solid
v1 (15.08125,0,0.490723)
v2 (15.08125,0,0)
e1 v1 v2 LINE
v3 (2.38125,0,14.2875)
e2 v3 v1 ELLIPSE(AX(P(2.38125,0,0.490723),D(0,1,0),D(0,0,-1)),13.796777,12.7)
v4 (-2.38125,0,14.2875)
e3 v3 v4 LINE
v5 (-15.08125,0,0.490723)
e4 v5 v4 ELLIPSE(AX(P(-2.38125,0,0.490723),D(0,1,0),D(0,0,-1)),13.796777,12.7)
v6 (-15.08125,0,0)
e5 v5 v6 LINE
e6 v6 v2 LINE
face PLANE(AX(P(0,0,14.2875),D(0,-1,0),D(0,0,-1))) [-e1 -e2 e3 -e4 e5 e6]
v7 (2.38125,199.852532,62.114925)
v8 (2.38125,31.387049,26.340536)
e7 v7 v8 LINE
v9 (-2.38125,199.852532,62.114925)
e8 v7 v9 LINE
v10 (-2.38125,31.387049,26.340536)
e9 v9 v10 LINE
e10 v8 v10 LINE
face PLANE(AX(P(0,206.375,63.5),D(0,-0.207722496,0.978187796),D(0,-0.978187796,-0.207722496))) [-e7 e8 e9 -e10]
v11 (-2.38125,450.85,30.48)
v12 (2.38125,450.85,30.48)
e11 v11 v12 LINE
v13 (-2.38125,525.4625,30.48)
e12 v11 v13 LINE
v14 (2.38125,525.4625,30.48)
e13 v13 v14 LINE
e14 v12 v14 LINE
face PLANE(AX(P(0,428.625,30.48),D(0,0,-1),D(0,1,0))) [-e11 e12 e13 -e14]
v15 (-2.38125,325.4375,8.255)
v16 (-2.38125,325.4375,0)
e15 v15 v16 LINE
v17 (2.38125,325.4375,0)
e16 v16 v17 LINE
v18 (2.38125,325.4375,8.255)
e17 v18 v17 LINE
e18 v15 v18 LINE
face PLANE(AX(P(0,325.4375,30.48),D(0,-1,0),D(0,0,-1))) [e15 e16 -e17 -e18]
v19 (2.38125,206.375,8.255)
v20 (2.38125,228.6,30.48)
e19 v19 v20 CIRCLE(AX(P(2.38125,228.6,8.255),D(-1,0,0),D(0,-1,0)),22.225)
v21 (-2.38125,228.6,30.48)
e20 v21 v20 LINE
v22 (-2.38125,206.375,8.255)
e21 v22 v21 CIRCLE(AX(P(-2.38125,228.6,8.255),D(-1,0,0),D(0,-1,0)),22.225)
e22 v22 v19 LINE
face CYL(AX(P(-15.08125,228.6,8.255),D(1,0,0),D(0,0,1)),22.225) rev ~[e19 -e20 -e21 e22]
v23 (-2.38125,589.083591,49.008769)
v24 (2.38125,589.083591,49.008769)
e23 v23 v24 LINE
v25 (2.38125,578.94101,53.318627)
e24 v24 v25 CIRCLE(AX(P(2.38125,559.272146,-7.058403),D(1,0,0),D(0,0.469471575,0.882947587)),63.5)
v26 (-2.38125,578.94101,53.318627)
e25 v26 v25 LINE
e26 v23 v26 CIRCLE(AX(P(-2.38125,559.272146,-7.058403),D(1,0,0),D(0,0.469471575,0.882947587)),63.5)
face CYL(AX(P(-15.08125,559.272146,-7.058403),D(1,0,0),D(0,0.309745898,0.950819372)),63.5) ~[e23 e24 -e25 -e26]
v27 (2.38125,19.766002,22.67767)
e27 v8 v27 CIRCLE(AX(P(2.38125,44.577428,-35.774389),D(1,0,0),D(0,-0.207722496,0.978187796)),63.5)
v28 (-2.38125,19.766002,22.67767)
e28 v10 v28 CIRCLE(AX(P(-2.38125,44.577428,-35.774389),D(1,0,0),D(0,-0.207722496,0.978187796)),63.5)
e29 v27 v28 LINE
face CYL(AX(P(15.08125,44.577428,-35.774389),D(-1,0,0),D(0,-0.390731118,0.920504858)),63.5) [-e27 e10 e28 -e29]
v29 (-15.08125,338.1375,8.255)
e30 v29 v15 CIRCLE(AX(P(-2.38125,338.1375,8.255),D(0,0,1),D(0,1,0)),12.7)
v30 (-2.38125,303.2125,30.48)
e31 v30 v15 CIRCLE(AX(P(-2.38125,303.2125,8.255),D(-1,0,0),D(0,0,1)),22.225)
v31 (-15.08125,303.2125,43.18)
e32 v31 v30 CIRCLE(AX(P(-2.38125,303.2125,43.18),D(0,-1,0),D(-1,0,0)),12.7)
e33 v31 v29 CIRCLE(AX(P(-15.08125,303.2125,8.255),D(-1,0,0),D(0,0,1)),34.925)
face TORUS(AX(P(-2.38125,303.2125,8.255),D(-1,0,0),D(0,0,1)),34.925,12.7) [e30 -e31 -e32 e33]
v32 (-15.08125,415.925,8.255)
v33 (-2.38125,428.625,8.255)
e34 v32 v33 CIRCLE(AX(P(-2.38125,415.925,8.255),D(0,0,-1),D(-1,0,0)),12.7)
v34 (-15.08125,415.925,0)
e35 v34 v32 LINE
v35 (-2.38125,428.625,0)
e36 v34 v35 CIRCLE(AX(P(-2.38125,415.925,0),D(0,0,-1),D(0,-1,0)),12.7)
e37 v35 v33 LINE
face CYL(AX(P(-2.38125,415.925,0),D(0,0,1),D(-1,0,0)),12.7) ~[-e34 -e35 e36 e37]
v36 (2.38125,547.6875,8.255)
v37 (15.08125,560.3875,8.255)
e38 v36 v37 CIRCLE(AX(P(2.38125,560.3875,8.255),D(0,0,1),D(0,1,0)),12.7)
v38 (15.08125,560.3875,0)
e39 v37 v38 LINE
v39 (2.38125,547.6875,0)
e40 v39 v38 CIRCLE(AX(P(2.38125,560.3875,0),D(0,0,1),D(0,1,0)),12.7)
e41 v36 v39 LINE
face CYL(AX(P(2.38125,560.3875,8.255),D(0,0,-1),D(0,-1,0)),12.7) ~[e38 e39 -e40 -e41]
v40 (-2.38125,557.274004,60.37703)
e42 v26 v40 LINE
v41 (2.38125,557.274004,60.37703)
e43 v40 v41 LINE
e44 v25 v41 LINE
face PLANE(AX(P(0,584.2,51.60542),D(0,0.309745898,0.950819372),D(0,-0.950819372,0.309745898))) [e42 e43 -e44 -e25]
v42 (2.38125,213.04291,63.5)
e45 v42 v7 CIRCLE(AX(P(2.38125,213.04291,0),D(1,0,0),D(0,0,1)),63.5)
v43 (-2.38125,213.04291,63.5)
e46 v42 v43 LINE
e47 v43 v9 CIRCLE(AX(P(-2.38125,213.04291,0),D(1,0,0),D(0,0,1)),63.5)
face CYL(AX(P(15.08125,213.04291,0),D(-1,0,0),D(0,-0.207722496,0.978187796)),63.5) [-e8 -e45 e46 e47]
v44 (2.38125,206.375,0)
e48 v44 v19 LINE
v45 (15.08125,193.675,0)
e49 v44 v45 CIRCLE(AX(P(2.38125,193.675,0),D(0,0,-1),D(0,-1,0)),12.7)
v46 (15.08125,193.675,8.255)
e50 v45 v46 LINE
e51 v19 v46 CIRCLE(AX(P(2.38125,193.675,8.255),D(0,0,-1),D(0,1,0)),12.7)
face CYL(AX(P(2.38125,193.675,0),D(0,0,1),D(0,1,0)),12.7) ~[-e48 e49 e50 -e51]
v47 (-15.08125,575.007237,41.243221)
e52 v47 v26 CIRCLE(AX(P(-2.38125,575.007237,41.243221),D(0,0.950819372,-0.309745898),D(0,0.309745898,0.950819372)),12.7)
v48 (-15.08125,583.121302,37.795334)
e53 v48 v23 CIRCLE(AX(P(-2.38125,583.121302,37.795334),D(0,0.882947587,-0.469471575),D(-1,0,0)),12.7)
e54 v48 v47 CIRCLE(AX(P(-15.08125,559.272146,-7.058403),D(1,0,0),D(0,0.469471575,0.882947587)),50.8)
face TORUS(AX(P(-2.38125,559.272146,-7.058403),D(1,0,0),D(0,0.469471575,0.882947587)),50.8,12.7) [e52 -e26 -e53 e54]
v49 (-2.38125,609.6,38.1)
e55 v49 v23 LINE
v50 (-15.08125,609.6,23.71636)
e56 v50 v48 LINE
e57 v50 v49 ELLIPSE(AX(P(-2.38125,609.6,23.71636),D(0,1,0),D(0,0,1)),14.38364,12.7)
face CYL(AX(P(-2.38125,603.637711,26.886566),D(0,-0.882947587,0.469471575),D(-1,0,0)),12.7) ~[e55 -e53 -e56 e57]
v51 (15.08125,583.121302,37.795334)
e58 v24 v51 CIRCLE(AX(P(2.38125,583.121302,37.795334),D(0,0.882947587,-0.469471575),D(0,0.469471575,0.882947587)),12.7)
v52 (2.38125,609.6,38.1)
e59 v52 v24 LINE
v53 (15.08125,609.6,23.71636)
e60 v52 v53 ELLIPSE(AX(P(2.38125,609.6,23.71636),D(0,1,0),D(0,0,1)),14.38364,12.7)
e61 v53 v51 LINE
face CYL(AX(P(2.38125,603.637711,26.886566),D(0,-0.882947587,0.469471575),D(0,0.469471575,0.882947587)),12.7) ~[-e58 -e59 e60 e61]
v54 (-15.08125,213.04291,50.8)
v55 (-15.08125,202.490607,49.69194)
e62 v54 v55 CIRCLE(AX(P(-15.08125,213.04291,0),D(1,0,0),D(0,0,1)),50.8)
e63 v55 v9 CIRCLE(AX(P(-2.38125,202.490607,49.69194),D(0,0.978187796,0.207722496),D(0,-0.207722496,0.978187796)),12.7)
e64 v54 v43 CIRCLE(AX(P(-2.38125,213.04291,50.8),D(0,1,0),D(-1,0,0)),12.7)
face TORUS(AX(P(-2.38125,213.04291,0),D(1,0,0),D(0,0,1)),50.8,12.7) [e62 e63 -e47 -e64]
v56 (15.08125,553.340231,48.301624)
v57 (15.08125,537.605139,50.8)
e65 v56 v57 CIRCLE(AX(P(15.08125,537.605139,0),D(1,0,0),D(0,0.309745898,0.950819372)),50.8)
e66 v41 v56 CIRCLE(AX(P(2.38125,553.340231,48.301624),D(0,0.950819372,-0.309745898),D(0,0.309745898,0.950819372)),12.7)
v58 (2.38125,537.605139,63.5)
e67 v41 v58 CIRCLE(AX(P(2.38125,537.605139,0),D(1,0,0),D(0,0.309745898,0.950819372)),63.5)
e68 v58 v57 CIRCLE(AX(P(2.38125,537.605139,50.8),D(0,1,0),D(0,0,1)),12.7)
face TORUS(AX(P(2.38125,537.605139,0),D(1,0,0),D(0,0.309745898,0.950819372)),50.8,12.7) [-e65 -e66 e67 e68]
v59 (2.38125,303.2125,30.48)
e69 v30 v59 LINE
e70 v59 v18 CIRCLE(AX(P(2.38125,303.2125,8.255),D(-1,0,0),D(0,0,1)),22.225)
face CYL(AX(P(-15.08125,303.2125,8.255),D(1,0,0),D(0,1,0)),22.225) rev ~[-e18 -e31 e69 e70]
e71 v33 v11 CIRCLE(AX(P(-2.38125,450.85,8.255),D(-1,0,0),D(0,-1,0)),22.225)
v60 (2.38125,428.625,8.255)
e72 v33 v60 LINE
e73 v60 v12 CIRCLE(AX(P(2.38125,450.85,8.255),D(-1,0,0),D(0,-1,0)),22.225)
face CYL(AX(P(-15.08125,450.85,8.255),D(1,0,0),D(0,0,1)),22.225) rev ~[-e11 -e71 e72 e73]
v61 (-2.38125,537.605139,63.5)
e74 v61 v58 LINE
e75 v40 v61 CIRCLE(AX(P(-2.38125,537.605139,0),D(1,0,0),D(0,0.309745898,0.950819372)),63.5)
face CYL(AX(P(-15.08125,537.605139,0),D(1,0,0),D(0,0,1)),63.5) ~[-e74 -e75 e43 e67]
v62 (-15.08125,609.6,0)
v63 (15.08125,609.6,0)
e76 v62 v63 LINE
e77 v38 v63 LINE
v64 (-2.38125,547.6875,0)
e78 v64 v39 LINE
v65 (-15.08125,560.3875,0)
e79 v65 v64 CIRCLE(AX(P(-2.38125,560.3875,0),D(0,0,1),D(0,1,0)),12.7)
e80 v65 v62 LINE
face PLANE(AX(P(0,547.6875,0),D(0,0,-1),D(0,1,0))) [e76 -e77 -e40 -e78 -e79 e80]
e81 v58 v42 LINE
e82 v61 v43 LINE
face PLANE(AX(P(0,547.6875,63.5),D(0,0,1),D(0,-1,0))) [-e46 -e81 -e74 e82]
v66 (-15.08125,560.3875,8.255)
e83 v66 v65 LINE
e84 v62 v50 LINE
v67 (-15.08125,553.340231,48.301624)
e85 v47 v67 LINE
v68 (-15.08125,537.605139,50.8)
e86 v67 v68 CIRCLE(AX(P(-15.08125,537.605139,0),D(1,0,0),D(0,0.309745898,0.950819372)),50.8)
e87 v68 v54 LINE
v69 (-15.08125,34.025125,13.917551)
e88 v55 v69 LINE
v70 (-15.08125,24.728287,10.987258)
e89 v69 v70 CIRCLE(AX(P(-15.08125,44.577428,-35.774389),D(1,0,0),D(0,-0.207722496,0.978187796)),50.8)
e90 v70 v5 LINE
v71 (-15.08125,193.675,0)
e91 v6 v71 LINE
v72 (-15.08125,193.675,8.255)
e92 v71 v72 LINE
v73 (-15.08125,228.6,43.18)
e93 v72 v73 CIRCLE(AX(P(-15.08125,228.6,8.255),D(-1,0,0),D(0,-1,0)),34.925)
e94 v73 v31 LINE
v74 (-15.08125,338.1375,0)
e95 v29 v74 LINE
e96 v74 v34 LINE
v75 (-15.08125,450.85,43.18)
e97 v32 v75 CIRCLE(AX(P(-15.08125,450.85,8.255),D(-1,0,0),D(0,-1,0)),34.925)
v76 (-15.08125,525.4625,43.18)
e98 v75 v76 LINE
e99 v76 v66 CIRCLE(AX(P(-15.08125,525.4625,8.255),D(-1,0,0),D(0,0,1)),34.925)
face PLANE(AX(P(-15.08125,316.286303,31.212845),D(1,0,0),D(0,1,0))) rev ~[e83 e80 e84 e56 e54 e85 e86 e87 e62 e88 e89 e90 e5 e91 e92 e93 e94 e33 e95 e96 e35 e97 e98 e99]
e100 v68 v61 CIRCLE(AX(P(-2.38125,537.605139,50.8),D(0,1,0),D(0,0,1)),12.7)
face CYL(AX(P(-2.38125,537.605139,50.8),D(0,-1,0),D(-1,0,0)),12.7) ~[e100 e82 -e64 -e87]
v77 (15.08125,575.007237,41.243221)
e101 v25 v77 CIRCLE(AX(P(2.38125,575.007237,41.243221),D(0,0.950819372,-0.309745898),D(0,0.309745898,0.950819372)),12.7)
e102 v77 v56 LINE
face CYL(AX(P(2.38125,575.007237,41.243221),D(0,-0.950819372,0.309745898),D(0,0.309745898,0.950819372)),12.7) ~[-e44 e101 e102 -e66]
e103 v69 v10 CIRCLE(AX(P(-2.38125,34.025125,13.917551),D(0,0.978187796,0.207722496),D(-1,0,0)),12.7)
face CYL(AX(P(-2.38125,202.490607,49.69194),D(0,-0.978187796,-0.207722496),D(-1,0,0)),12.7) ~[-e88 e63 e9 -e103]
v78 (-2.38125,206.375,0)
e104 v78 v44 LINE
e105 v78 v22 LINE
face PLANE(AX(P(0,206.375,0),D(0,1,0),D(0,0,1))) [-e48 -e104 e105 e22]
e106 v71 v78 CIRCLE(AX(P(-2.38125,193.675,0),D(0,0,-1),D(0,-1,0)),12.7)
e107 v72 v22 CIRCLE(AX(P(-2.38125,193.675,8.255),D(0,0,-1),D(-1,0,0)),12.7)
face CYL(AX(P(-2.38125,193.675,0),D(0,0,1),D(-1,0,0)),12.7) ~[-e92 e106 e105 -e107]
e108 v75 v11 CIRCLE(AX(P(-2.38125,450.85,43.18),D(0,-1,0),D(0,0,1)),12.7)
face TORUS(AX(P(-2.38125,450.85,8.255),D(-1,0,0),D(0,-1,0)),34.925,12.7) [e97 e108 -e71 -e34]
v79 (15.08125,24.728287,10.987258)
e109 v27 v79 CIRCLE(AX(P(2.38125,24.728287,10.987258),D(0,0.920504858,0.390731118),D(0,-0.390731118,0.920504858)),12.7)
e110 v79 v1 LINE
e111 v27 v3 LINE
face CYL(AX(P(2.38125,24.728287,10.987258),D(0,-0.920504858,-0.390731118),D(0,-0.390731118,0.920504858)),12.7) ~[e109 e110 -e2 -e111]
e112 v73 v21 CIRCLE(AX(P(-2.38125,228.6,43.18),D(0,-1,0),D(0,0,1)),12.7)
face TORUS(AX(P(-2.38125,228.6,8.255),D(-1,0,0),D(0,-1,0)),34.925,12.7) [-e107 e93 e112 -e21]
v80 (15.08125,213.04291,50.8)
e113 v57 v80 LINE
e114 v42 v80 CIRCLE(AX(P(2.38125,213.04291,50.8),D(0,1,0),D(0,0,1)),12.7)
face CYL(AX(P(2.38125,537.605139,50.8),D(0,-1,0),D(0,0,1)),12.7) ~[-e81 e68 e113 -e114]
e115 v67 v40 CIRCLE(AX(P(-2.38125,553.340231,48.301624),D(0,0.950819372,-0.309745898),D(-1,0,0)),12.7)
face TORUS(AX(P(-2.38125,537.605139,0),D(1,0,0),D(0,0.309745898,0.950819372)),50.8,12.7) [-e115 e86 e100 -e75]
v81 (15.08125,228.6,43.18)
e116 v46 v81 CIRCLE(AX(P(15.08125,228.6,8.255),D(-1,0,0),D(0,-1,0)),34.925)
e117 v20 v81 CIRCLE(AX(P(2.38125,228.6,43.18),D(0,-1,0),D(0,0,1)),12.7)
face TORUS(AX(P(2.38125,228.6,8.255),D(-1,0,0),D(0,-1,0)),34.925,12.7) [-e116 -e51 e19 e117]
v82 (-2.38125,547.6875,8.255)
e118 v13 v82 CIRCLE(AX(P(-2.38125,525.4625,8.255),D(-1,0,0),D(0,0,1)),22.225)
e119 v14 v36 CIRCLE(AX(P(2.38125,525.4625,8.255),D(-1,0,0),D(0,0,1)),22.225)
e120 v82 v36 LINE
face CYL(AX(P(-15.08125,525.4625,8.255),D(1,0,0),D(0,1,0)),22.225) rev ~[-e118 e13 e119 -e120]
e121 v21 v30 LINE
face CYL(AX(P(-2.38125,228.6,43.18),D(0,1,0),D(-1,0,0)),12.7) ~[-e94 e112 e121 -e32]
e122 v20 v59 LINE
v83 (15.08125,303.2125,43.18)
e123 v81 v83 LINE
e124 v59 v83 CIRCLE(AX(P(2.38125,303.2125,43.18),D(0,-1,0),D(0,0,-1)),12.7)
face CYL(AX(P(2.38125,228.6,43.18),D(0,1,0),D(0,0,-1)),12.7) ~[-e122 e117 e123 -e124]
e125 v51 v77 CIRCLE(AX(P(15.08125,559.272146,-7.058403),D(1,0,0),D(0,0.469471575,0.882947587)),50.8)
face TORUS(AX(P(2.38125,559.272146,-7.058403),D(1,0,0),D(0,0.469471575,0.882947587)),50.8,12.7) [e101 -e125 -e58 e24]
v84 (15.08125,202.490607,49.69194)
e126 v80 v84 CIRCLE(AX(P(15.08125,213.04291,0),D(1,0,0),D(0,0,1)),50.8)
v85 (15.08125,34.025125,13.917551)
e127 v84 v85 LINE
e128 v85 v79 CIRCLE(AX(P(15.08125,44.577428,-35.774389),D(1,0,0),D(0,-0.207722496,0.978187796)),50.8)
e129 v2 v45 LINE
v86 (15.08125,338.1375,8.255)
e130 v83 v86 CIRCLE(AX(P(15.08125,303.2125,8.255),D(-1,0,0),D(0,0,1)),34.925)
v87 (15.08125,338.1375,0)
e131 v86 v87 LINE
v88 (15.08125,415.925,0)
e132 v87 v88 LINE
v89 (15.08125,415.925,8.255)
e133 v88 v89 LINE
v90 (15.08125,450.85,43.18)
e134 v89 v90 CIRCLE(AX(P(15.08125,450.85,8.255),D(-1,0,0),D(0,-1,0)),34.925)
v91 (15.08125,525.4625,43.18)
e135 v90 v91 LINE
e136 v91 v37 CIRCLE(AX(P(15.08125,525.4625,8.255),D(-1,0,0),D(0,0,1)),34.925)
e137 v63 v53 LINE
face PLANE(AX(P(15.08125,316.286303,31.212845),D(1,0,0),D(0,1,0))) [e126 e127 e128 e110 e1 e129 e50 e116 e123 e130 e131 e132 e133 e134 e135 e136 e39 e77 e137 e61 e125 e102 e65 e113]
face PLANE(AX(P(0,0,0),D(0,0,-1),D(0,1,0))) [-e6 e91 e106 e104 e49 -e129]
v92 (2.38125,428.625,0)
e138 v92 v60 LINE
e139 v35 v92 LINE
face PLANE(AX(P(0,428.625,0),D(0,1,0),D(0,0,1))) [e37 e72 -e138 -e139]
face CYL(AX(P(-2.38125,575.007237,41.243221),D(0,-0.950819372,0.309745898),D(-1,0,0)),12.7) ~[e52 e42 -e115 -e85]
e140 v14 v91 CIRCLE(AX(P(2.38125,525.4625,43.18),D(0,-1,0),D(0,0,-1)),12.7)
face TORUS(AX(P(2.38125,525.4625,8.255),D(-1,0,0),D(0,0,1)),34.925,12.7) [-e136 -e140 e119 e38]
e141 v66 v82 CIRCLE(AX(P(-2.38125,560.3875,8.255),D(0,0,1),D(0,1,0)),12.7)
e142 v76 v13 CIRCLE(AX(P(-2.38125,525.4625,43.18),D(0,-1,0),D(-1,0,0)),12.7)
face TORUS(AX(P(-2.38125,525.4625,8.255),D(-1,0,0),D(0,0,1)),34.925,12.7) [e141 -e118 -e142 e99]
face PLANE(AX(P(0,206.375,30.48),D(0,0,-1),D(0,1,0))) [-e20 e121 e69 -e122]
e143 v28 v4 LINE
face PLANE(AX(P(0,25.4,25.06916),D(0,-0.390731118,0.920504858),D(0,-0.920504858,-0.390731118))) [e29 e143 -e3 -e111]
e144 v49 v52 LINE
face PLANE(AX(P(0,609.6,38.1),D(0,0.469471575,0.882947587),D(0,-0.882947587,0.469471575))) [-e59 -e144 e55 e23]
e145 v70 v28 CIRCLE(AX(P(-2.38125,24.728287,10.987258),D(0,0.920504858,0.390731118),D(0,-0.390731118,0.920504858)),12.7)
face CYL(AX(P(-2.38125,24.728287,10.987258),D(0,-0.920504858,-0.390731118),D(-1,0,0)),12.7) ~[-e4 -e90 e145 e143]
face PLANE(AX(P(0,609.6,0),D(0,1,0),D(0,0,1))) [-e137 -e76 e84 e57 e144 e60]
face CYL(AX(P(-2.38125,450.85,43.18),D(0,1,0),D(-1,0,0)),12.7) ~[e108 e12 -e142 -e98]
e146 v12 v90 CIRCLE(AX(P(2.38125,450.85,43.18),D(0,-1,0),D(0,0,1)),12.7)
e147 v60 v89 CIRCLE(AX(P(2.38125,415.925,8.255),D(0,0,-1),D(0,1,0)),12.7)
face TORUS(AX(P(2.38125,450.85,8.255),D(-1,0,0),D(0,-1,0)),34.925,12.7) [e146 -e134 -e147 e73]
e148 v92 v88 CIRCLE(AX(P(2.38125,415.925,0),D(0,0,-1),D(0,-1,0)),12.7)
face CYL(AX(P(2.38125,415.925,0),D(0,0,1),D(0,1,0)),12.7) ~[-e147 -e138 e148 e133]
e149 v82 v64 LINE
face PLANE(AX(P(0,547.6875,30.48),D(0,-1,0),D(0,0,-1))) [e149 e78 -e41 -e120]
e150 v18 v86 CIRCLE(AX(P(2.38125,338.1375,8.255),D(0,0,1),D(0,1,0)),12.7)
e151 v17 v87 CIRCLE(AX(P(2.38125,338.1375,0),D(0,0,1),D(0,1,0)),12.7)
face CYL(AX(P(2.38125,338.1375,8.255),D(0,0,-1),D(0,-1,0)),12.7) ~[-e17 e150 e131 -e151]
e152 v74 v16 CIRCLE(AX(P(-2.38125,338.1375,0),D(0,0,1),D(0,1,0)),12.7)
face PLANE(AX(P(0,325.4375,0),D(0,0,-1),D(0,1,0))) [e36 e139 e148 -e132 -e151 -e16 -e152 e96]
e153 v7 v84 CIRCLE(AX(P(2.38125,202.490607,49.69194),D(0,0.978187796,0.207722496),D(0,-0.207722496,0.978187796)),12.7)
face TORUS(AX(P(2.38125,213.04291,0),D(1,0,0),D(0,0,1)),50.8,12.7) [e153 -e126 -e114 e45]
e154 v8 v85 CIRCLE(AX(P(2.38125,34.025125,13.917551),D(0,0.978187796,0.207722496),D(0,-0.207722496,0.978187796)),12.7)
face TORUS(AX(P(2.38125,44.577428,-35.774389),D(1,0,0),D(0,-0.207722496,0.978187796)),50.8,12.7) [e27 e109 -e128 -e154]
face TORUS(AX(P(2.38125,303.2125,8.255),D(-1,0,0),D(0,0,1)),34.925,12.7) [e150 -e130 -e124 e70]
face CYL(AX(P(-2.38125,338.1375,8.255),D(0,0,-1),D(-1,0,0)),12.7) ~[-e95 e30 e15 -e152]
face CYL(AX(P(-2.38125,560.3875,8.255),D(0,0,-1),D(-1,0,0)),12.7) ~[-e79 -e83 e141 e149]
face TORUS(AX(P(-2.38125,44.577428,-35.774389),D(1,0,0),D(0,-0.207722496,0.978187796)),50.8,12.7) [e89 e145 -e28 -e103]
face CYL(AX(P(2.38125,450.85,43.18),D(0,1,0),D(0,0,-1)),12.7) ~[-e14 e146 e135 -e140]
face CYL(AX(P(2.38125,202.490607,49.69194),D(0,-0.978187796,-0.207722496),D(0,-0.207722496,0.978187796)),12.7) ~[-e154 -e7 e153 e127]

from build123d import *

# Parameters (mm, degrees)
F1_DEPTH      = 15.08125
F1_DEPTH_BACK = 15.08125
F2_R          = 63.5
F3_R          = 22.225
F4_R          = 12.7


with BuildPart() as f1:
    # F0 (on Right) → F1 (new body, two sides)
    with BuildSketch(Plane.YZ) as f1_sk:
        Polygon((0, 14.2875), (0, 0), (206.375, 0), (206.375, 30.48), (325.4375, 30.48), (325.4375, 0), (428.625, 0), (428.625, 30.48), (547.6875, 30.48), (547.6875, 0), (609.6, 0), (609.6, 38.1), (584.2, 51.60542), (547.6875, 63.5), (206.375, 63.5), (25.4, 25.06916), align=None)
    extrude(amount=F1_DEPTH)
    extrude(f1_sk.sketch, amount=-F1_DEPTH_BACK)

    # F2
    f2_edges = [f1.edges().sort_by_distance(p)[0] for p in [
        (0, 25.4, 25.06916),
        (0, 206.375, 63.5),
        (0, 547.6875, 63.5),
        (0, 584.2, 51.60542),
    ]]
    fillet(f2_edges, radius=F2_R)

    # F3
    f3_edges = [f1.edges().sort_by_distance(p)[0] for p in [
        (0, 206.375, 30.48),
        (0, 325.4375, 30.48),
        (0, 428.625, 30.48),
        (0, 547.6875, 30.48),
    ]]
    fillet(f3_edges, radius=F3_R)

    # F4
    f4_edges = [f1.edges().sort_by_distance(p)[0] for p in [
        (15.08125, 265.90625, 30.48),
        (-15.08125, 265.90625, 30.48),
        (15.08125, 488.15625, 30.48),
        (-15.08125, 488.15625, 30.48),
        (15.08125, 375.324025, 63.5),
        (-15.08125, 375.324025, 63.5),
    ]]
    fillet(f4_edges, radius=F4_R)


solid = f1.part
